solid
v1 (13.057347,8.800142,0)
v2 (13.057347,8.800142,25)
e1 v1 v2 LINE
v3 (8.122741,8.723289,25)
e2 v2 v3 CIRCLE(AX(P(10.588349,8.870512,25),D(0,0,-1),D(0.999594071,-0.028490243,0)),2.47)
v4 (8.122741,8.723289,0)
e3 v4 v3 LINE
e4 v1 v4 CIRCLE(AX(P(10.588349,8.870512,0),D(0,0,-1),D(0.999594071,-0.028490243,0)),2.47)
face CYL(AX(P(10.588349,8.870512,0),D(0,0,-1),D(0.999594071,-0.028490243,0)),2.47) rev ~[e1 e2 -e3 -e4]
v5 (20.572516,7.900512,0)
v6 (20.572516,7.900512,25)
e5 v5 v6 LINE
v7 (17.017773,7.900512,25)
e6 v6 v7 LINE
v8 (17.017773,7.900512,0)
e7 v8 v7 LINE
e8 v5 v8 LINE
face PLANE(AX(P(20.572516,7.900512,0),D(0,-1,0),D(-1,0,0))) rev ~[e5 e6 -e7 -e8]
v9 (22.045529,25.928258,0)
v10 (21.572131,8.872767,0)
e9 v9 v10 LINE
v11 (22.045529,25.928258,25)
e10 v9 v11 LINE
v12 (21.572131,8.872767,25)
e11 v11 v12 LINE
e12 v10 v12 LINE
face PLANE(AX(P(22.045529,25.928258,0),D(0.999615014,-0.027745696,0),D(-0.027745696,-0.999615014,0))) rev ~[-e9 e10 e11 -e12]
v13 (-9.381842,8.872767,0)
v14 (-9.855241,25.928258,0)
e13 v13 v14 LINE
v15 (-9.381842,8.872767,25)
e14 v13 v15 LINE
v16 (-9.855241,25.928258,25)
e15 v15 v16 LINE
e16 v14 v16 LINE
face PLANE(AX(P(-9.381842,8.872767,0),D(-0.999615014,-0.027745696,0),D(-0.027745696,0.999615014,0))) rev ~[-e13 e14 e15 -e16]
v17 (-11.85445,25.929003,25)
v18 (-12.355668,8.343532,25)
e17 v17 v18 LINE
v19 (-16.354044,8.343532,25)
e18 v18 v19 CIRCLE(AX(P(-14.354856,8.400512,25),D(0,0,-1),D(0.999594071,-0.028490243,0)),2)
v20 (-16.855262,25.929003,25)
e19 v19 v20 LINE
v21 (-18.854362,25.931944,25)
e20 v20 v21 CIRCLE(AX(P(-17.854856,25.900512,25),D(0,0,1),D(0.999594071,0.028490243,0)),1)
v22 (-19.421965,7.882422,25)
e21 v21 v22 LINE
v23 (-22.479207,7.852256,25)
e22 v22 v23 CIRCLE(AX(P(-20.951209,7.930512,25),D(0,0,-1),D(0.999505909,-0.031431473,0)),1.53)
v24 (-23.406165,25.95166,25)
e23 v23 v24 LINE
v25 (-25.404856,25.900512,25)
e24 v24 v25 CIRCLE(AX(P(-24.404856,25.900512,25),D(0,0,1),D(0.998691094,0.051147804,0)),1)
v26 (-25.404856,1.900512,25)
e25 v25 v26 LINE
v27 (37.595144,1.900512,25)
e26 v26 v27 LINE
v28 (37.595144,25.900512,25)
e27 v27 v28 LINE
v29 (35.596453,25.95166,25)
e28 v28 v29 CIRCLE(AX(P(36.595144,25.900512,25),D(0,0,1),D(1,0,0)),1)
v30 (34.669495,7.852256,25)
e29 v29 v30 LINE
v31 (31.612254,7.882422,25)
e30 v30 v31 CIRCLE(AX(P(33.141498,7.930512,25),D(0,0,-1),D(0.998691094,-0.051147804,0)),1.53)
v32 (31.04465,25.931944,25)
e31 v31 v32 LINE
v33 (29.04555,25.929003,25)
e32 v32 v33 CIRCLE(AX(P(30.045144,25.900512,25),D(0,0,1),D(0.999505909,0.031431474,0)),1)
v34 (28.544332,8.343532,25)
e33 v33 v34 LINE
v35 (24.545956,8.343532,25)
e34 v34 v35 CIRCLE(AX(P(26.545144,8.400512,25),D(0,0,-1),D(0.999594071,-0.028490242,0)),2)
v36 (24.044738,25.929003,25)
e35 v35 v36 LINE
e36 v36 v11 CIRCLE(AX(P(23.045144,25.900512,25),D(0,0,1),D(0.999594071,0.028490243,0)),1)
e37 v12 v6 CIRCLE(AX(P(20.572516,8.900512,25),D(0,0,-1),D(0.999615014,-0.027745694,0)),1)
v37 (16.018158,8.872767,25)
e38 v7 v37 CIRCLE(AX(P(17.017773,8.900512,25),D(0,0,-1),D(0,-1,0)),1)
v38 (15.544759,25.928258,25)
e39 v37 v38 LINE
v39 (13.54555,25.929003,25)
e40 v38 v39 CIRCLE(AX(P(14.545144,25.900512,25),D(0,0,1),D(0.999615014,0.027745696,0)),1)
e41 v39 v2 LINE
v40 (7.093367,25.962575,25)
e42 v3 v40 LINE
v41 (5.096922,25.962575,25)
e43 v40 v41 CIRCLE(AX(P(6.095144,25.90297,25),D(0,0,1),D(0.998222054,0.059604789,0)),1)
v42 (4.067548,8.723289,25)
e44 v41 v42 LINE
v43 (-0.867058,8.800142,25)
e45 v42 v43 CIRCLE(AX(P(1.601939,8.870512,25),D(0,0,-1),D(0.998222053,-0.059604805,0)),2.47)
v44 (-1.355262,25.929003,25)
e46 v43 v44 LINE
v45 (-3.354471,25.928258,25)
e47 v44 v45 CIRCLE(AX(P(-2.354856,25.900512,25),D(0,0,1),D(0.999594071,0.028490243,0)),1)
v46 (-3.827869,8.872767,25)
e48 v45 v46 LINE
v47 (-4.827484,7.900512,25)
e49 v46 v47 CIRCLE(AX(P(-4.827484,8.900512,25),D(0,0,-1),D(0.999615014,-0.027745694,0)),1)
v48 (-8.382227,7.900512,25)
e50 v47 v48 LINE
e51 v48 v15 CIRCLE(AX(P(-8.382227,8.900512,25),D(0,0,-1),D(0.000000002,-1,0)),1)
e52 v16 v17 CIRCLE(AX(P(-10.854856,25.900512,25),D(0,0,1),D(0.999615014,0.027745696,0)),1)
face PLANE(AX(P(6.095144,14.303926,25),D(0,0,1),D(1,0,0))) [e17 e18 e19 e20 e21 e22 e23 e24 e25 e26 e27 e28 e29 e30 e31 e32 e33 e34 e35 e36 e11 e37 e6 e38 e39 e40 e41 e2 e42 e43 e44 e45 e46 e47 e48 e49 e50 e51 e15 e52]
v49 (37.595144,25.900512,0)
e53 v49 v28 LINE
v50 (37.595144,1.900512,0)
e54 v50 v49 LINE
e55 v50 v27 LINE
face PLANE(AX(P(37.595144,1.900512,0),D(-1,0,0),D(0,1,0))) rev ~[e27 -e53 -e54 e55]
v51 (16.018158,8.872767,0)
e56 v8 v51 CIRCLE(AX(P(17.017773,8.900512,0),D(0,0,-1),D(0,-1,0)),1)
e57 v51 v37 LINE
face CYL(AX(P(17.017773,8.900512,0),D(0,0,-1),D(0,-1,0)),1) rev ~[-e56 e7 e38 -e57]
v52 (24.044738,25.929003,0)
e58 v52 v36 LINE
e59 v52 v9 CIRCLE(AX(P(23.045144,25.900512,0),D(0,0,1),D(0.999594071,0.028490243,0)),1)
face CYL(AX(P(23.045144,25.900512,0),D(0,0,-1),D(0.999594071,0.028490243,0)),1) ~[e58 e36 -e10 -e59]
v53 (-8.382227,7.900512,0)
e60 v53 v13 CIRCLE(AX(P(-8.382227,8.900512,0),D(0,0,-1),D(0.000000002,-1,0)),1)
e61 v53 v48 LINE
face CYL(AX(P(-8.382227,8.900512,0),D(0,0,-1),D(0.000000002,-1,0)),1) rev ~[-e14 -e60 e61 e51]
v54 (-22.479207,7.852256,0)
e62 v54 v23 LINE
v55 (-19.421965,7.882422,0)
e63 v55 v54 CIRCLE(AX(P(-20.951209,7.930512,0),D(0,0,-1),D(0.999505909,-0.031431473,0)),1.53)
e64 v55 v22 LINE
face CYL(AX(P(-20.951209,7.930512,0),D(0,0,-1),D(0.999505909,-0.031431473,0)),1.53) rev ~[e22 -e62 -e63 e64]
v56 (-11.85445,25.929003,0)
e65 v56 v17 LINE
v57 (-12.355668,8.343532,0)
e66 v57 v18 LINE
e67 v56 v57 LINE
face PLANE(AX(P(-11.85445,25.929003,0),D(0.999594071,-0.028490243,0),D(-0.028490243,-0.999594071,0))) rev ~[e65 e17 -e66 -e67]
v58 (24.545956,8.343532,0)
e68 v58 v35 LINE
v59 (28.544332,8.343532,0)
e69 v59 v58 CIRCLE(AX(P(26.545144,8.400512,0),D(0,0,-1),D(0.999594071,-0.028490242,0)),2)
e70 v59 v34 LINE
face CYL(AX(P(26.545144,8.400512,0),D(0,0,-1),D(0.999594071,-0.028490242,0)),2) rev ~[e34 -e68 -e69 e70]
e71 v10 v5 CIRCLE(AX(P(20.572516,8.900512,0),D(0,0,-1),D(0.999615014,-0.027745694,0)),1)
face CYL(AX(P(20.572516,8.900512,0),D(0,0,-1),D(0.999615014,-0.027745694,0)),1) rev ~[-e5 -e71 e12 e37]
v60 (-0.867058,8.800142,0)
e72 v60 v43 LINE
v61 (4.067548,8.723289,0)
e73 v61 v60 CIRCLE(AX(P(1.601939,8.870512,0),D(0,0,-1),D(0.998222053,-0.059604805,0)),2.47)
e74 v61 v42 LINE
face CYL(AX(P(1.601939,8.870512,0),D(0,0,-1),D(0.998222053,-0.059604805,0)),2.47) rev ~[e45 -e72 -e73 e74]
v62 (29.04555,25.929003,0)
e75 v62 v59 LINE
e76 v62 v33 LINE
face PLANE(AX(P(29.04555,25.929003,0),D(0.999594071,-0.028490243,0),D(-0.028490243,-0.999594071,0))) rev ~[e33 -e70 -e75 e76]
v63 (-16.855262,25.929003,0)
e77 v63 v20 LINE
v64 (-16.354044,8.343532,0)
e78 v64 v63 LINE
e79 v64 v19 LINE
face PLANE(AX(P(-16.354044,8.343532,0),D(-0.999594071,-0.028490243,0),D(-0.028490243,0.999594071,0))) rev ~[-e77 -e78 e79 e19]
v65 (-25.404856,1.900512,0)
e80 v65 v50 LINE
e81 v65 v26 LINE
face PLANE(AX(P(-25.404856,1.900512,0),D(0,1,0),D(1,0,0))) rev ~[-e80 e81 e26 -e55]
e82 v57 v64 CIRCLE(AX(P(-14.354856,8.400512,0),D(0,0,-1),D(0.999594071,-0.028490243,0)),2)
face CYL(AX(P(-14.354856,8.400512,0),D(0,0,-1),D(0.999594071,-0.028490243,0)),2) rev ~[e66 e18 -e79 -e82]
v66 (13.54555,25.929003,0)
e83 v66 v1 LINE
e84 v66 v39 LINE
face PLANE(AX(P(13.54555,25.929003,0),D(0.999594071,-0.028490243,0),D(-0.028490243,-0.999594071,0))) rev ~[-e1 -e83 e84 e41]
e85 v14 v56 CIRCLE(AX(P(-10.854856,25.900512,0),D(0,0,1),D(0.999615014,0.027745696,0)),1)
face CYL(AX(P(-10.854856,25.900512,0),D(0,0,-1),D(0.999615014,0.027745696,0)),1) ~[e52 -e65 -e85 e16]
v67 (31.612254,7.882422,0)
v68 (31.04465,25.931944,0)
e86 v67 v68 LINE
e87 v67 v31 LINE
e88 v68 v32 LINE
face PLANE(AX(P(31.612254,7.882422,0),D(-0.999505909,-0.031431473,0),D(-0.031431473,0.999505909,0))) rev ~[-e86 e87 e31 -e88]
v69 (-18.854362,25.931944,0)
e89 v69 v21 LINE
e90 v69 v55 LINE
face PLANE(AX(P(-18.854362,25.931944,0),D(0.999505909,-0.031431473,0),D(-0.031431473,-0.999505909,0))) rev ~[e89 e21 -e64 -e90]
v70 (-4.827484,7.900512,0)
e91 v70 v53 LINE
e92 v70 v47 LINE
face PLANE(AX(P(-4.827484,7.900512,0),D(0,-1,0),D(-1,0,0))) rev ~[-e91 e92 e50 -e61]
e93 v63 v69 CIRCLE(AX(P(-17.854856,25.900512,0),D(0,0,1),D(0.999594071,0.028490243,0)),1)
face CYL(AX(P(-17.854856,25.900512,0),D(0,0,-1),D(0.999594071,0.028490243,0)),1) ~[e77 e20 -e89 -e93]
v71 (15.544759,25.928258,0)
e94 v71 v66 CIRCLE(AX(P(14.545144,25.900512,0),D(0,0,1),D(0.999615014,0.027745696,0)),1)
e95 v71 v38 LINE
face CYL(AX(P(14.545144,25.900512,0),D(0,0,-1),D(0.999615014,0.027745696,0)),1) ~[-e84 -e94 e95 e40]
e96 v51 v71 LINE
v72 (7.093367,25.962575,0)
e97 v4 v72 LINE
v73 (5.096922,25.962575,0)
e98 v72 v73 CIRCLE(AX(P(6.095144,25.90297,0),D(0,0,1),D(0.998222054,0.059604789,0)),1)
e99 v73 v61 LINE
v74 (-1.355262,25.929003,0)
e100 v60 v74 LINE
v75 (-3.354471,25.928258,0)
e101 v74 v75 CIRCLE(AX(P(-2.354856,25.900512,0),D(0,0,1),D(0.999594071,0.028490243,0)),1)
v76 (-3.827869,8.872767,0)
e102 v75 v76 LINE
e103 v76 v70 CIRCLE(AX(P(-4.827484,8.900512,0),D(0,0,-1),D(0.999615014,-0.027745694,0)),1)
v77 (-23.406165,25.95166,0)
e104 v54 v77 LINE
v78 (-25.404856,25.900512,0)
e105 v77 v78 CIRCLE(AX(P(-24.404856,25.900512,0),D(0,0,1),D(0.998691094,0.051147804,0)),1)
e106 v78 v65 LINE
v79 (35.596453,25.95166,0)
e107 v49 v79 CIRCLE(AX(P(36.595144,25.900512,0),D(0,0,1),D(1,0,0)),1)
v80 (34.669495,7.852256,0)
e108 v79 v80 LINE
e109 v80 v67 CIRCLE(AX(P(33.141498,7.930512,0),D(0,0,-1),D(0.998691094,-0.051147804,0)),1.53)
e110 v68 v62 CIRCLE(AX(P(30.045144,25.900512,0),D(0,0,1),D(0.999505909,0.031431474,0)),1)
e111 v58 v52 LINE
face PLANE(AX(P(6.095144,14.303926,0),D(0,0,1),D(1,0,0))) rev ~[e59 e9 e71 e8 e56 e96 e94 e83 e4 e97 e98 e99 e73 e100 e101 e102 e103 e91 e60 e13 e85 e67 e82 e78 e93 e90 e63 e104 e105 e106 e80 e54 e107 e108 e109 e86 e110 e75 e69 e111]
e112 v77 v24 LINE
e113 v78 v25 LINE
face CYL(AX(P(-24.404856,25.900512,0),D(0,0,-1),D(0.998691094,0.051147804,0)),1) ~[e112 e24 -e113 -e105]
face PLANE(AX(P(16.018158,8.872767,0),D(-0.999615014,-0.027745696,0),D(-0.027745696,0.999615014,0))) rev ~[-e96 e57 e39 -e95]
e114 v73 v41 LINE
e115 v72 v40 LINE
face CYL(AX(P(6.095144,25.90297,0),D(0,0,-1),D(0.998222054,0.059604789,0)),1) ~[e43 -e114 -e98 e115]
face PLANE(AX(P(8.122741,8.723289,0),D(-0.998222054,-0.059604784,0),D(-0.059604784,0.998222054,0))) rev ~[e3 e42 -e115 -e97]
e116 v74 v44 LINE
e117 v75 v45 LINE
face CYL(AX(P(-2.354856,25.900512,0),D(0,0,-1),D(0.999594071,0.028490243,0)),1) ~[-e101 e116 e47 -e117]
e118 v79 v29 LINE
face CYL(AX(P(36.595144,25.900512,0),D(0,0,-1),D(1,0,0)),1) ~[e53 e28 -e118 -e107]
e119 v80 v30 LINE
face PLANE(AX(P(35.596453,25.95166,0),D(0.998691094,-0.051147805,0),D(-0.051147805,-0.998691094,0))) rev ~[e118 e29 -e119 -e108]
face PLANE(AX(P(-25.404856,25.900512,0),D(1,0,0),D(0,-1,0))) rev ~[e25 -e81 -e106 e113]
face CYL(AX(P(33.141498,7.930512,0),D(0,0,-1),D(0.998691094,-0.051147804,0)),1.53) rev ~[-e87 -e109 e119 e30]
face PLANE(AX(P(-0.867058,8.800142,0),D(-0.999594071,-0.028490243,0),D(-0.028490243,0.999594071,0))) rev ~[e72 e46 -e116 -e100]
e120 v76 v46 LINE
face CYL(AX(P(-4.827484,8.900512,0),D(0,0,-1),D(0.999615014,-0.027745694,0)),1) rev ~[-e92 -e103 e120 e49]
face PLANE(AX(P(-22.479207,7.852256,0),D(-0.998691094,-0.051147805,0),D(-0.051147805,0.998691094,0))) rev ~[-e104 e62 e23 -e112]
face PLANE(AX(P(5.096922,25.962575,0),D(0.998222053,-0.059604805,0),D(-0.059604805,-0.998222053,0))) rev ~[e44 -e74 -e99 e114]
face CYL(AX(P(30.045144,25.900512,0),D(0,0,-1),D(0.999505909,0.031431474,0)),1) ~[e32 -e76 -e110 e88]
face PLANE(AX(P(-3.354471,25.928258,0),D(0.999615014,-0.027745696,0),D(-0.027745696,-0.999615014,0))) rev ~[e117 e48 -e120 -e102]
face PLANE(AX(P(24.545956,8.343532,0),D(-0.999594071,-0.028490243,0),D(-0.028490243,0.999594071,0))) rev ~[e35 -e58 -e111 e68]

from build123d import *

# Parameters (mm, degrees)
BOSS_EXTRU_1_DEPTH = 25


with BuildPart() as part:
    # Esquisse1 → Boss.-Extru.1 (new body)
    with BuildSketch(Plane.XY):
        with BuildLine():
            Line((20.572515541, 7.900512418), (17.017773047, 7.900512418))
            ThreePointArc((17.017773047, 7.900512418), (16.320544854, 8.183663168), (16.018158033, 8.872766723))
            Line((16.018158033, 8.872766723), (15.544759308, 25.928258114))
            ThreePointArc((15.544759308, 25.928258114), (14.545516715, 26.900512349), (13.545550223, 25.929002661))
            Line((13.545550223, 25.929002661), (13.057346636, 8.800141519))
            ThreePointArc((13.057346636, 8.800141519), (10.626813081, 6.400811923), (8.122740807, 8.723288601))
            Line((8.122740807, 8.723288601), (7.093366706, 25.96257467))
            ThreePointArc((7.093366706, 25.96257467), (6.095144481, 26.90297005), (5.096922241, 25.962574687))
            Line((5.096922241, 25.962574687), (4.067547777, 8.723288571))
            ThreePointArc((4.067547777, 8.723288571), (1.563475481, 6.400811945), (-0.867058048, 8.80014154))
            Line((-0.867058048, 8.80014154), (-1.355261635, 25.929002682))
            ThreePointArc((-1.355261635, 25.929002682), (-2.355228127, 26.90051237), (-3.35447072, 25.928258135))
            Line((-3.35447072, 25.928258135), (-3.827869445, 8.872766744))
            ThreePointArc((-3.827869445, 8.872766744), (-4.130256266, 8.183663189), (-4.827484459, 7.90051244))
            Line((-4.827484459, 7.90051244), (-8.382226953, 7.90051244))
            ThreePointArc((-8.382226953, 7.90051244), (-9.079455146, 8.183663189), (-9.381841967, 8.872766744))
            Line((-9.381841967, 8.872766744), (-9.855240692, 25.928258135))
            ThreePointArc((-9.855240692, 25.928258135), (-10.854483285, 26.90051237), (-11.854449777, 25.929002682))
            Line((-11.854449777, 25.929002682), (-12.355667565, 8.343531954))
            ThreePointArc((-12.355667565, 8.343531954), (-14.354855706, 6.40051244), (-16.354043847, 8.343531954))
            Line((-16.354043847, 8.343531954), (-16.855261635, 25.929002682))
            ThreePointArc((-16.855261635, 25.929002682), (-17.85338443, 26.900511357), (-18.854361615, 25.931943913))
            Line((-18.854361615, 25.931943913), (-19.42196512, 7.882422286))
            ThreePointArc((-19.42196512, 7.882422286), (-20.936113293, 6.400586914), (-22.479206535, 7.852256299))
            Line((-22.479206535, 7.852256299), (-23.406164612, 25.951660244))
            ThreePointArc((-23.406164612, 25.951660244), (-24.430437981, 26.90018516), (-25.404855706, 25.90051244))
            Line((-25.404855706, 25.90051244), (-25.404855706, 1.90051244))
            Line((-25.404855706, 1.90051244), (37.595144294, 1.90051244))
            Line((37.595144294, 1.90051244), (37.595144294, 25.900512418))
            ThreePointArc((37.595144294, 25.900512418), (36.620726569, 26.900185138), (35.5964532, 25.951660223))
            Line((35.5964532, 25.951660223), (34.669495123, 7.852256277))
            ThreePointArc((34.669495123, 7.852256277), (33.126401881, 6.400586892), (31.612253708, 7.882422264))
            Line((31.612253708, 7.882422264), (31.044650203, 25.931943892))
            ThreePointArc((31.044650203, 25.931943892), (30.043673018, 26.900511336), (29.045550223, 25.929002661))
            Line((29.045550223, 25.929002661), (28.544332435, 8.343531933))
            ThreePointArc((28.544332435, 8.343531933), (26.545144294, 6.400512418), (24.545956153, 8.343531933))
            Line((24.545956153, 8.343531933), (24.044738365, 25.929002661))
            ThreePointArc((24.044738365, 25.929002661), (23.044771873, 26.900512349), (22.04552928, 25.928258114))
            Line((22.04552928, 25.928258114), (21.572130555, 8.872766723))
            ThreePointArc((21.572130555, 8.872766723), (21.269743734, 8.183663168), (20.572515541, 7.900512418))
        make_face()
    extrude(amount=BOSS_EXTRU_1_DEPTH)


solid = part.part
